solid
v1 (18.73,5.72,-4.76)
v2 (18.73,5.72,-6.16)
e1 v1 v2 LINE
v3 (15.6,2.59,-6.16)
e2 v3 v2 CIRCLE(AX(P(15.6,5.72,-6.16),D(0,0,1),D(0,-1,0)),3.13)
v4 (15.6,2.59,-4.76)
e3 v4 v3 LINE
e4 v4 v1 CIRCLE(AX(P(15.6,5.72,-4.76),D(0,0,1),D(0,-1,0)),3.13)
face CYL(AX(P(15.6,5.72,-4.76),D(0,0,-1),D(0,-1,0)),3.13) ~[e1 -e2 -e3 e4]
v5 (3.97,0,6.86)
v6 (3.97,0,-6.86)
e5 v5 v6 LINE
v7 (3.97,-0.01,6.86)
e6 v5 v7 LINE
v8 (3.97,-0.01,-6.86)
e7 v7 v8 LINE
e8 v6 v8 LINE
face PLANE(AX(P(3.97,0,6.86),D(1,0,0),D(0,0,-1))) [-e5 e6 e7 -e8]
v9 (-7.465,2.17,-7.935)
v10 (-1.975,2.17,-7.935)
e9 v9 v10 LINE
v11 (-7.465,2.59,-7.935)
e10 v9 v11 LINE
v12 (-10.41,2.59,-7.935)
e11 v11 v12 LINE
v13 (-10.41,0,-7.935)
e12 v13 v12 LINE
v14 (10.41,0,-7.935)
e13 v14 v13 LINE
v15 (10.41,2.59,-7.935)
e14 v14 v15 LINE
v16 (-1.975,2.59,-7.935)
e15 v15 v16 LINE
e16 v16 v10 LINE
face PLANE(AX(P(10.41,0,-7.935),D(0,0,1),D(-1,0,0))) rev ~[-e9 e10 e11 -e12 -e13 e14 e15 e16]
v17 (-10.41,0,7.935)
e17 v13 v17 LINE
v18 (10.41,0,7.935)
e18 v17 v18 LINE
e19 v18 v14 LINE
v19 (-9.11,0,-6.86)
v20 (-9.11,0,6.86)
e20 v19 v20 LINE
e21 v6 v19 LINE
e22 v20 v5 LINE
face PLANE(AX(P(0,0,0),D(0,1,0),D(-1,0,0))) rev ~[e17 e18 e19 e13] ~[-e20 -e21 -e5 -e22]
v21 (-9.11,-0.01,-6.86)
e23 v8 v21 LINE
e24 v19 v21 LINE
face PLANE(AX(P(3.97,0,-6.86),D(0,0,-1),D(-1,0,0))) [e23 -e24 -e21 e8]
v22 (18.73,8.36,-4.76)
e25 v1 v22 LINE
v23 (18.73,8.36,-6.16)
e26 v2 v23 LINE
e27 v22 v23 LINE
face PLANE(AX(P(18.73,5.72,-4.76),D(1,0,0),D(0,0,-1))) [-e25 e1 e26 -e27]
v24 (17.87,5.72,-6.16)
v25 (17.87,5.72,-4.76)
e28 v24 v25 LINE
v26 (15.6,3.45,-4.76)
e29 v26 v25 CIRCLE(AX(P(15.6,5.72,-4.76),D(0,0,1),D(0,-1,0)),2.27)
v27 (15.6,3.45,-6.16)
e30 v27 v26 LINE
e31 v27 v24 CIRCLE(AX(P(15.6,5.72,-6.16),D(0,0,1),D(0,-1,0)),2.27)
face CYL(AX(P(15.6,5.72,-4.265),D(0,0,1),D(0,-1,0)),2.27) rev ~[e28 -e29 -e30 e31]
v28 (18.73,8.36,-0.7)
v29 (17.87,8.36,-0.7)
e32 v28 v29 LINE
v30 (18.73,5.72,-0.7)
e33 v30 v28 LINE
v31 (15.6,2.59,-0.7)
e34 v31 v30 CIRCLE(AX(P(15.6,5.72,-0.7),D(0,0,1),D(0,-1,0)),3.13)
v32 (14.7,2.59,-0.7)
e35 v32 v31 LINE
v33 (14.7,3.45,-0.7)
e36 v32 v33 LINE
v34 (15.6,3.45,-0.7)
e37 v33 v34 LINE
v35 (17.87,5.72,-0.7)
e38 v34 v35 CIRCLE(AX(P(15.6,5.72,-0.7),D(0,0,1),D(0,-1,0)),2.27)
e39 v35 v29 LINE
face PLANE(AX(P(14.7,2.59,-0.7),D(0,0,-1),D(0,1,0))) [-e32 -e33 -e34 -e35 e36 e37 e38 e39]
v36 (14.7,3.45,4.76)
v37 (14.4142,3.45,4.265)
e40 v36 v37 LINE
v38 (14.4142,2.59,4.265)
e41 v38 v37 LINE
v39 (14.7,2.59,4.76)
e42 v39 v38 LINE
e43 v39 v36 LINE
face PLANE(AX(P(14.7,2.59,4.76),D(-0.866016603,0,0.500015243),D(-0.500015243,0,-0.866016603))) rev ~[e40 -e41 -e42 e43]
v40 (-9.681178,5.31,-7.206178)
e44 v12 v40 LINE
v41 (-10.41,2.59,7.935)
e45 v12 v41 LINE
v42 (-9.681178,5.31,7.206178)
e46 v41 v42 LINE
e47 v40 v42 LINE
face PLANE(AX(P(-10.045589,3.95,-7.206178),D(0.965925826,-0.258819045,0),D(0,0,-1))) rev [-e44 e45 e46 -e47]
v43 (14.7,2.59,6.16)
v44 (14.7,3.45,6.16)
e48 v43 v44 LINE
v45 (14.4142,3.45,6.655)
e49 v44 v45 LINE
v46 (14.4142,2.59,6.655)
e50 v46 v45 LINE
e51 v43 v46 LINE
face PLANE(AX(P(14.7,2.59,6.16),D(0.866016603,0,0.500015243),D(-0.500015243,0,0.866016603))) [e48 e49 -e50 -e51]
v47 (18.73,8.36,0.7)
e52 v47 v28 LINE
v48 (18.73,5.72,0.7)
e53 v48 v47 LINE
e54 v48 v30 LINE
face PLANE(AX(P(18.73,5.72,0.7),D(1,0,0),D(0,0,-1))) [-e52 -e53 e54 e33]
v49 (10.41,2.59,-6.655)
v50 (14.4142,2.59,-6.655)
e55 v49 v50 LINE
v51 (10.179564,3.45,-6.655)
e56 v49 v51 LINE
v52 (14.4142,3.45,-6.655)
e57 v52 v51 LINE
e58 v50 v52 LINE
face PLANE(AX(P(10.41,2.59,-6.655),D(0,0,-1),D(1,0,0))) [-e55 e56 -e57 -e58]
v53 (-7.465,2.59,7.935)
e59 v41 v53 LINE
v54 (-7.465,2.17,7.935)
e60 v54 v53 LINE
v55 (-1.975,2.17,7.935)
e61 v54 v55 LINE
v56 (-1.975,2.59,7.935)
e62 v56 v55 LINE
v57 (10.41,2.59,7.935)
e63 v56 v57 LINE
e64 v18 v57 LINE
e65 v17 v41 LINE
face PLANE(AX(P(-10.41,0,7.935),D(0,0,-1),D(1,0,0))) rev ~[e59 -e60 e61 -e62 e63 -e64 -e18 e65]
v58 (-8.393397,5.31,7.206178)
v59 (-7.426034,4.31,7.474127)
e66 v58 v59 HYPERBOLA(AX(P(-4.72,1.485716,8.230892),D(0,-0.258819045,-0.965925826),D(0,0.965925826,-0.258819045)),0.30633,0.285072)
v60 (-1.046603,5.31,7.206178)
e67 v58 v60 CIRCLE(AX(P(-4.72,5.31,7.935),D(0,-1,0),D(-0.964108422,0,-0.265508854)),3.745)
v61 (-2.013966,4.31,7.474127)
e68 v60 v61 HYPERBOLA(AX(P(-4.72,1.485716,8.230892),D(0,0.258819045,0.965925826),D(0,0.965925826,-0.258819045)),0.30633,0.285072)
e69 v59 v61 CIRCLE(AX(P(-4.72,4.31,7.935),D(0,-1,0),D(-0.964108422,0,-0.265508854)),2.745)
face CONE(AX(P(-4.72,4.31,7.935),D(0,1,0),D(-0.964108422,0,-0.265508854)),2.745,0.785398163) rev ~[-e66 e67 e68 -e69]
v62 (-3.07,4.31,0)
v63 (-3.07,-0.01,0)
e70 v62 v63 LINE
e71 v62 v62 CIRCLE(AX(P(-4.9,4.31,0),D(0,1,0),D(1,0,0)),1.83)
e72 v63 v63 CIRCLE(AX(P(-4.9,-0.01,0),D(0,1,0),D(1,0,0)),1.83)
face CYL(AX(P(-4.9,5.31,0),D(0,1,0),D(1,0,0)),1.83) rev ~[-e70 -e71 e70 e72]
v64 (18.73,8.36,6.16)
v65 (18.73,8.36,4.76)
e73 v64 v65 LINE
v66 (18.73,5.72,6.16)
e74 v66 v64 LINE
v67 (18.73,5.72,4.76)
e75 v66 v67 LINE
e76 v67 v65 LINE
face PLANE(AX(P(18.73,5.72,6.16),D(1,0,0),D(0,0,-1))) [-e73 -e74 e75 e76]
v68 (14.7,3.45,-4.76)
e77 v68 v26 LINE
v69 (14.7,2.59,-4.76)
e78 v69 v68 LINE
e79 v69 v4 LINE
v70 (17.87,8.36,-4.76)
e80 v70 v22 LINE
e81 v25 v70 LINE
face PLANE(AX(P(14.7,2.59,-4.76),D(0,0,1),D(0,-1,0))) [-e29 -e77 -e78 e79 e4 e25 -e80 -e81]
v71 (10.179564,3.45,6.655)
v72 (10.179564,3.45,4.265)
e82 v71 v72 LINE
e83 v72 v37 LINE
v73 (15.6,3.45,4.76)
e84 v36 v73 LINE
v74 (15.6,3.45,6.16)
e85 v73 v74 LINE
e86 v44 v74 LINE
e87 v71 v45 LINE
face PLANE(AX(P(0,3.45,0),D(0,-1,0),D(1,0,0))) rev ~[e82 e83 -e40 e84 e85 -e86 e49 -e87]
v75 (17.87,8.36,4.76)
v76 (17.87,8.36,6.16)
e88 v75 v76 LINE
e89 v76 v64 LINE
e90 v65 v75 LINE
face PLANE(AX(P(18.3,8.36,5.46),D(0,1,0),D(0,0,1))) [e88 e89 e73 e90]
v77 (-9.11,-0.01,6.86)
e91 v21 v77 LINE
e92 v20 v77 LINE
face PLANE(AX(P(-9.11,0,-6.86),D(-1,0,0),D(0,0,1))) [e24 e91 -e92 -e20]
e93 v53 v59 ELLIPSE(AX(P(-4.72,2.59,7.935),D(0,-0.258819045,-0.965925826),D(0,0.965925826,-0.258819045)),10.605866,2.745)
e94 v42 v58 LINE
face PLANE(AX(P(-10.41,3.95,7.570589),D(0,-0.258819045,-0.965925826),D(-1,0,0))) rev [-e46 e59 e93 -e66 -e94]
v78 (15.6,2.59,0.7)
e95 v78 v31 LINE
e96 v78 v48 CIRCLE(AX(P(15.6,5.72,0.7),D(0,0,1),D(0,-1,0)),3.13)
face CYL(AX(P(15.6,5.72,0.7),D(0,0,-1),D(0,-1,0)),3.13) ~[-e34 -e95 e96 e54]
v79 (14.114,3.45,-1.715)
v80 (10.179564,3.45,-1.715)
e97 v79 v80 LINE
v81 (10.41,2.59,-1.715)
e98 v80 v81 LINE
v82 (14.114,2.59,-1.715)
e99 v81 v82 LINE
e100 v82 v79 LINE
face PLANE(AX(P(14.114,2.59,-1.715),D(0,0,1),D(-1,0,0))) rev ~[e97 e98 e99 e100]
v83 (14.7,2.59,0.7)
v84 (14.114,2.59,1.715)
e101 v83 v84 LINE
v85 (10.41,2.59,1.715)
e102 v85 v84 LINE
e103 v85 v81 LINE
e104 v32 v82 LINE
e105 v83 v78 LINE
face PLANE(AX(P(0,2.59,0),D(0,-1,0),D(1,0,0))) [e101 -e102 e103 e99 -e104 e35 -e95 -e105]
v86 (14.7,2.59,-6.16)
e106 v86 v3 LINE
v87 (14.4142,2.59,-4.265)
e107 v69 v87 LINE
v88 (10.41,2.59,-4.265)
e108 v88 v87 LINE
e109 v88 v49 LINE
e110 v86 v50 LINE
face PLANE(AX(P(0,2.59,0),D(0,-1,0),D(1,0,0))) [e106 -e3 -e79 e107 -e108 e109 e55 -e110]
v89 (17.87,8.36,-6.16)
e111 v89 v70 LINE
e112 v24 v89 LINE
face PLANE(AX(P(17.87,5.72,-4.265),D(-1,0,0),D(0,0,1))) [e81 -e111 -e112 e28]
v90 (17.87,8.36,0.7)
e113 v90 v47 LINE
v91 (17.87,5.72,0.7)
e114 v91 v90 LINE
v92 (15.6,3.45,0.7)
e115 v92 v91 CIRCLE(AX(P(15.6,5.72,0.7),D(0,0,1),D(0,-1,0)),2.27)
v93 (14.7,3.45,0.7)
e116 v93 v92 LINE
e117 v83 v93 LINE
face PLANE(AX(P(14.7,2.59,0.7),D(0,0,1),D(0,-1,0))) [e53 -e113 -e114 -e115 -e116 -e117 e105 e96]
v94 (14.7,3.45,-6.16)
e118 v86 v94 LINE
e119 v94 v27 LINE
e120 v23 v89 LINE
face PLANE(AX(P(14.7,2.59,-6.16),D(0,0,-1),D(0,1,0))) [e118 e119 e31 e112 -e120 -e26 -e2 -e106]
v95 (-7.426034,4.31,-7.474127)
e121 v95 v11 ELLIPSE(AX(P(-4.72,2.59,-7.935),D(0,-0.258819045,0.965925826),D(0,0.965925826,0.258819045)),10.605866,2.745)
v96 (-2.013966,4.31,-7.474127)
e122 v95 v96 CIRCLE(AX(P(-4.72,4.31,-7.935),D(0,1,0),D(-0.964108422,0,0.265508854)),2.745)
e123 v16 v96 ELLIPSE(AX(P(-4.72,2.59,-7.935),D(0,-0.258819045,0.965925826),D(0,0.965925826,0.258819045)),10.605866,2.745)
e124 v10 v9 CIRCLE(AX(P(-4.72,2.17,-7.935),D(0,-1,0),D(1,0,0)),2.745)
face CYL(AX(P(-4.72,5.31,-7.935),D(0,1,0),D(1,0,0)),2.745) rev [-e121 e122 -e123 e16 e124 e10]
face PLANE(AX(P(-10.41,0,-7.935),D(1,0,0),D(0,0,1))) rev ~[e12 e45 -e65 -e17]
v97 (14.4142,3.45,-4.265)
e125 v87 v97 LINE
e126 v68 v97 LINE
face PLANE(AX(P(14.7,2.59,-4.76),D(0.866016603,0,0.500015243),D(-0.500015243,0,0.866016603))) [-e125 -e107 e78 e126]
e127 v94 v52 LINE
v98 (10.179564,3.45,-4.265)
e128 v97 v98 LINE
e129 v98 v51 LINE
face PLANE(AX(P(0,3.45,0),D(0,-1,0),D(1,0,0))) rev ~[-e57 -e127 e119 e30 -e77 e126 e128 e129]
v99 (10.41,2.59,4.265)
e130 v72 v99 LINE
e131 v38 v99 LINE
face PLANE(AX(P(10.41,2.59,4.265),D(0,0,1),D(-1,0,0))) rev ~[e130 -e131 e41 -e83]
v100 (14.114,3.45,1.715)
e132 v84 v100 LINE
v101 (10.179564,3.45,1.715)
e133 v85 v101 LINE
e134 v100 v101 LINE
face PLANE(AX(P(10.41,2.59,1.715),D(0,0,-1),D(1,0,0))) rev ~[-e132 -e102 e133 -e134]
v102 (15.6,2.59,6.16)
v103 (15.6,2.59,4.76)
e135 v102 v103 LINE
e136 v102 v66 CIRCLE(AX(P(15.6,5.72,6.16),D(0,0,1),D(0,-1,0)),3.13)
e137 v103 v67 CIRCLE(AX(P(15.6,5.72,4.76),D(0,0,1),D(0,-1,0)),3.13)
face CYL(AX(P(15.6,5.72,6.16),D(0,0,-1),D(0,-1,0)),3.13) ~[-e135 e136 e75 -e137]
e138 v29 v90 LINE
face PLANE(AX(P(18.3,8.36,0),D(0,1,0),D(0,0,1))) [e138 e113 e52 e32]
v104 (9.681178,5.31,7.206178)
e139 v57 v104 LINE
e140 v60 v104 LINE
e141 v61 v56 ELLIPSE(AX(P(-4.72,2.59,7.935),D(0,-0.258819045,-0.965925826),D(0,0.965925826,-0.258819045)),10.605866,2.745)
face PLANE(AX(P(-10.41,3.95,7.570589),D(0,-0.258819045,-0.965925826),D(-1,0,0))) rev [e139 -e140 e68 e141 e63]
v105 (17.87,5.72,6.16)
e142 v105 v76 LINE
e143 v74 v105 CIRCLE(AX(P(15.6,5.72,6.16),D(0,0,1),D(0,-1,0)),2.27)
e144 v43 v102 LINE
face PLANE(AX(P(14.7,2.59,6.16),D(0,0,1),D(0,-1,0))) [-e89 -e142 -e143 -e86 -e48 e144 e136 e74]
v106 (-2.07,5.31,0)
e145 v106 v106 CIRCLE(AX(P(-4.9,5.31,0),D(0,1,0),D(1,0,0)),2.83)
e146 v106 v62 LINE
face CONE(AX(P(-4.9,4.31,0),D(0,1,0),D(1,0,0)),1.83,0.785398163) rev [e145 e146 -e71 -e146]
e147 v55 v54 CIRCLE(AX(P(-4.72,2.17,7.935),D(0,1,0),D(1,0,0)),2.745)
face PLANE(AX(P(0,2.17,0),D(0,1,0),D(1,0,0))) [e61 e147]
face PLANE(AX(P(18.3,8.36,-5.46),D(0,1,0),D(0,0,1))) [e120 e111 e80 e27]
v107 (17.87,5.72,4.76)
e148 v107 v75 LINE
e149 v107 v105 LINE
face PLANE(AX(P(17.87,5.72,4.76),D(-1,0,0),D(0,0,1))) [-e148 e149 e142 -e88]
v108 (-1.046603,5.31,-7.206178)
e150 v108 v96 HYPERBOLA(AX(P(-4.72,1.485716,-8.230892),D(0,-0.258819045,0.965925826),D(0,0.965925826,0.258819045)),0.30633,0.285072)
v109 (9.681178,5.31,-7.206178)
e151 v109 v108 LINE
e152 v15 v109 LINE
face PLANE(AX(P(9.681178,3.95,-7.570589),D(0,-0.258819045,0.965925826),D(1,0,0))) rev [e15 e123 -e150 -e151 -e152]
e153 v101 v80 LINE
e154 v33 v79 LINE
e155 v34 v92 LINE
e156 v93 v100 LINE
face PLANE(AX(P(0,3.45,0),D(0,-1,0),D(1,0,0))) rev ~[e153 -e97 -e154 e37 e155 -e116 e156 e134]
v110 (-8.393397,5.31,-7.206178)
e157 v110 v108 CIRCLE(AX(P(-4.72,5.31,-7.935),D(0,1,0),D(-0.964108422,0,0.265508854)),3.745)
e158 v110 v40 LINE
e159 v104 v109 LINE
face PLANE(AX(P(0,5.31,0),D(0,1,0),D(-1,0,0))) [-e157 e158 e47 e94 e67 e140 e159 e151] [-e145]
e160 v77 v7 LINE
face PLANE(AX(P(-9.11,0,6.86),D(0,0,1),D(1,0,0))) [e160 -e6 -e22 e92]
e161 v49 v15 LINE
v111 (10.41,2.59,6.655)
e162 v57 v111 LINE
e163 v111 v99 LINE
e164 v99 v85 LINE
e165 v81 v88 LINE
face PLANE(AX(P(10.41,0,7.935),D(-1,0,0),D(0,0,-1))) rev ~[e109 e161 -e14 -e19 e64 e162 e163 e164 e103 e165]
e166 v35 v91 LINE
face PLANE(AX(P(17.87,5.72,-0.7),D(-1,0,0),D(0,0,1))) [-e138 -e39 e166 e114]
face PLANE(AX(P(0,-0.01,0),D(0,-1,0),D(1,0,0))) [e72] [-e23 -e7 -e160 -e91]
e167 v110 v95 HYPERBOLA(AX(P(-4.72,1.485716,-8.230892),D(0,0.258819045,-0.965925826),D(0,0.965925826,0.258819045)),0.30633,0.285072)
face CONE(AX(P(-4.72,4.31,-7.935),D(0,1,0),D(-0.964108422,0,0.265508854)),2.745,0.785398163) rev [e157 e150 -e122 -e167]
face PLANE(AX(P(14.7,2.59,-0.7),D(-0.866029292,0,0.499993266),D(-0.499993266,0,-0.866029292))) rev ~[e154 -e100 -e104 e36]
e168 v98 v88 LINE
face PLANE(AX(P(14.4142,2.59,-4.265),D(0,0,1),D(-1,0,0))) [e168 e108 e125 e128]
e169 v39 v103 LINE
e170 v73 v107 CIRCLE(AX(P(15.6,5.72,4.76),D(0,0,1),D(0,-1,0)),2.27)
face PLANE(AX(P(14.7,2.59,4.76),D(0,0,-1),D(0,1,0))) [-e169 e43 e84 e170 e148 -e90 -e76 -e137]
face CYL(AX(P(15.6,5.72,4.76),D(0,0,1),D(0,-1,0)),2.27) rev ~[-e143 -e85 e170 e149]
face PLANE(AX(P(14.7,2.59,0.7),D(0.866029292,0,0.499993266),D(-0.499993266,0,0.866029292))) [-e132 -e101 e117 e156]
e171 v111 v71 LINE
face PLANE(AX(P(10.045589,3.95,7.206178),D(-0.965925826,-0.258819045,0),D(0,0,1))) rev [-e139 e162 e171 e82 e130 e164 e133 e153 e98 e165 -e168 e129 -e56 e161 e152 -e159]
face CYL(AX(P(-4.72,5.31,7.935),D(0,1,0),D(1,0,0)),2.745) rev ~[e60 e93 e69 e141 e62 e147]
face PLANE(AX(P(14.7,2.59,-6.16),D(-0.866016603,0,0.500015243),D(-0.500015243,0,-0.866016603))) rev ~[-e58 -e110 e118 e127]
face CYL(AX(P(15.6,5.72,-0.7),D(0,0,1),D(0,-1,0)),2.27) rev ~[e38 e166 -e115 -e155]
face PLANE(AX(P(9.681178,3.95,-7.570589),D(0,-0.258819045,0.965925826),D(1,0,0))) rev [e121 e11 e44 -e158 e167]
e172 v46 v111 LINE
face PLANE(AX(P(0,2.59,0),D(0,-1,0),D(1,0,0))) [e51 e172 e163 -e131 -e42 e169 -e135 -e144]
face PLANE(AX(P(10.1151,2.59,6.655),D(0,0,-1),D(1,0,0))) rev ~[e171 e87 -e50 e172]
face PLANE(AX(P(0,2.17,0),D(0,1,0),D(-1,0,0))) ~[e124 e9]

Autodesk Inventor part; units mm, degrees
ref_plane "YZ Plane" through (0, 0, 0) normal (1, 0, 0) x (0, 1, 0)
ref_plane "XZ Plane" through (0, 0, 0) normal (0, 1, 0) x (-1, 0, 0)
sketch "Sketch1" plane through (0, 0, 0) normal (0, 1, 0) x (-1, 0, 0)
  line L0 (10.41, 7.935) -> (-10.41, 7.935)
  line L1 (-10.41, 7.935) -> (-10.41, -7.935)
  line L2 (-10.41, -7.935) -> (10.41, -7.935)
  line L3 (10.41, -7.935) -> (10.41, 7.935)
  point P0 (0, 0)
  dimension "d0" = 15.87
  dimension "d1" = 7.935
  dimension "d2" = 20.82
  dimension "d3" = 10.41
extrude "Extrusion1" add sketch "Sketch1" along normal blind 5.31
chamfer "Chamfer1" distance 2.72 angle 15 1 edges at (0, 5.31, 7.935) measured on face at (-3.47, 1.77, 7.935)
chamfer "Chamfer2" distance 2.72 angle 15 1 edges at (10.41, 5.31, -0.3644) measured on face at (10.41, 3.54, -2.8879)
chamfer "Chamfer3" distance 2.72 angle 15 1 edges at (-0.3644, 5.31, -7.935) measured on face at (3.2271, 1.77, -7.935)
chamfer "Chamfer4" distance 2.72 angle 15 1 edges at (-10.41, 5.31, 0) measured on face at (-10.41, 3.4967, -2.4021)
sketch "Sketch3" plane through (0, 0, 0) normal (0, -1, 0) x (1, 0, 0)
  line L0 (-9.11, 6.86) -> (3.97, 6.86)
  line L1 (3.97, 6.86) -> (3.97, -6.86)
  line L2 (3.97, -6.86) -> (-9.11, -6.86)
  line L3 (-9.11, -6.86) -> (-9.11, 6.86)
  line L4 (-10.41, -7.935) -> (-10.41, 7.935) projected
  point P0 (0, 0)
  dimension "d20" = 13.08
  dimension "d21" = 13.72
  dimension "d22" = 6.86
  dimension "d23" = 1.3
extrude "Extrusion2" add sketch "Sketch3" along normal blind 0.01
sketch "Sketch2" plane through (0, 5.31, 0) normal (0, 1, 0) x (1, 0, 0)
  circle A0 centre (-4.9, 0) radius 1.83
  line L0 (-10.41, 7.935) -> (-10.41, -7.935) projected
  point P0 (0, 0)
  dimension "d18" = 5.51
  dimension "d19" = 3.66
extrude "Extrusion3" cut sketch "Sketch2" against normal through all
sketch "Sketch4" plane through (0, 5.31, 0) normal (0, 1, 0) x (1, 0, 0)
  line L0 (-10.41, 7.935) -> (-10.41, -7.935) projected
  line L1 (-10.41, -7.935) -> (10.41, -7.935) projected
  line L2 (-9.3708, -7.935) -> (-0.6355, -7.935)
  circle A0 centre (-4.72, -7.935) radius 2.745
  point P0 (0, 0)
  dimension "d30" = 5.49
  dimension "d31" = 5.69
extrude "Extrusion4" cut sketch "Sketch4" against normal blind 3.14
mirror "Mirror1" about plane through (0, 0, 0) normal (0, 0, 1) of "Extrusion4"
chamfer "Chamfer5" distance 1 angle 45 3 edges at (-4.72, 5.31, 5.19) (-6.73, 5.31, 0) (-4.72, 5.31, -5.19)
ref_plane "Work Plane1" through (0, 2.59, 0) normal (0, -1, 0) x (1, 0, 0)
sketch "Sketch5" plane through (0, 2.59, 0) normal (0, -1, 0) x (1, 0, 0)
  line L0 (9.0645, 1.715) -> (14.7, 1.715)
  line L1 (14.7, 1.715) -> (14.7, -1.715)
  line L2 (14.7, -1.715) -> (9.0645, -1.715)
  line L3 (9.0645, -1.715) -> (9.0645, 1.715)
  line L4 (10.41, 7.935) -> (10.41, -7.935) projected
  line L5 (10.41, 0) -> (13.4225, 0)
  line L6 (10.1151, 6.655) -> (14.7, 6.655)
  line L7 (14.7, 6.655) -> (14.7, 4.265)
  line L8 (14.7, 4.265) -> (10.1151, 4.265)
  line L9 (10.1151, 4.265) -> (10.1151, 6.655)
  line L10 (14.7, 5.46) -> (14.8506, 5.46)
  line L11 (14.7, 6.16) -> (14.4142, 6.655)
  line L12 (14.7, 4.76) -> (14.4142, 4.265)
  line L13 (14.7, 0.7) -> (14.114, 1.715)
  line L14 (14.7, -0.7) -> (14.114, -1.715)
  line L15 (10.1151, -6.655) -> (14.7, -6.655)
  line L16 (14.7, -6.655) -> (14.7, -4.265)
  line L17 (14.7, -4.265) -> (10.1151, -4.265)
  line L18 (10.1151, -4.265) -> (10.1151, -6.655)
  line L19 (14.7, -6.16) -> (14.4142, -6.655)
  line L20 (14.7, -4.76) -> (14.4142, -4.265)
  point P0 (0, 0)
  dimension "d38" = 3.43
  dimension "d39" = 1.715
  dimension "d40" = 4.29
  dimension "d41" = 0
  dimension "d42" = 2.39
  dimension "d43" = 5.46
  dimension "d44" = 1.4
  dimension "d45" = 0.7
  dimension "d46" = 1.4
  dimension "d47" = 0.7
  dimension "d48" = 30
  dimension "d49" = 30
  dimension "d50" = 30
  dimension "d51" = 30
extrude "Extrusion5" add sketch "Sketch5" against normal blind 0.86 contours L17 L20 L16 L19 L15 L4 | L4 L15 L18 L17 | L8 L9 L6 L4 | L4 L6 L11 L7 L12 L8 | L13 L1 L14 L2 L4 L0 | L4 L2 L3 L0
sketch "Sketch6" plane through (14.7, 2.59, 0.7) normal (1, 0, 0) x (0, 0, -1)
  line L0 (-5.46, 0) -> (-5.46, 0.86) projected
  line L1 (-4.06, 0) -> (-4.06, 0.86) projected
  line L2 (-5.46, 0) -> (-4.06, 0)
  line L3 (-4.06, 0) -> (-4.06, 0.86)
  line L4 (-4.06, 0.86) -> (-5.46, 0.86)
  line L5 (-5.46, 0.86) -> (-5.46, 0)
  line L6 (0, 0) -> (0, 0.86) projected
  line L7 (1.4, 0) -> (1.4, 0.86) projected
  line L8 (0, 0) -> (1.4, 0)
  line L9 (1.4, 0) -> (1.4, 0.86)
  line L10 (1.4, 0.86) -> (0, 0.86)
  line L11 (0, 0.86) -> (0, 0)
  line L12 (5.46, 0) -> (5.46, 0.86) projected
  line L13 (4.965, 0.86) -> (7.355, 0.86) projected
  line L14 (5.46, 0) -> (6.86, 0)
  line L15 (6.86, 0) -> (6.86, 0.86)
  line L16 (6.86, 0.86) -> (5.46, 0.86)
  line L17 (5.46, 0.86) -> (5.46, 0)
  point P0 (0.7, -2.59)
  dimension "d54" = 1.4
sketch "Sketch7" plane through (0, 0, 0) normal (0, 0, 1) x (1, 0, 0)
  line L0 (14.7, 2.59) -> (14.7, 3.45) projected
  line L1 (14.7, 3.02) -> (15.6, 3.02)
  line L2 (18.3, 5.72) -> (18.3, 8.36)
  line L3 (10.41, 0) -> (-10.41, 0) projected
  arc A0 (15.6, 3.02) -> (18.3, 5.72) centre (15.6, 5.72) ccw
  point P0 (0, 0)
  point P1 (18.3, 3.02)
  dimension "d55" = 8.36
  dimension "d56" = 3.6
  dimension "d57" = 2.7
sweep "Sweep1" add profiles "Sketch6" path "Sketch7" path curves L1 A0 L2
properties part number "TO-247-Underheat"
